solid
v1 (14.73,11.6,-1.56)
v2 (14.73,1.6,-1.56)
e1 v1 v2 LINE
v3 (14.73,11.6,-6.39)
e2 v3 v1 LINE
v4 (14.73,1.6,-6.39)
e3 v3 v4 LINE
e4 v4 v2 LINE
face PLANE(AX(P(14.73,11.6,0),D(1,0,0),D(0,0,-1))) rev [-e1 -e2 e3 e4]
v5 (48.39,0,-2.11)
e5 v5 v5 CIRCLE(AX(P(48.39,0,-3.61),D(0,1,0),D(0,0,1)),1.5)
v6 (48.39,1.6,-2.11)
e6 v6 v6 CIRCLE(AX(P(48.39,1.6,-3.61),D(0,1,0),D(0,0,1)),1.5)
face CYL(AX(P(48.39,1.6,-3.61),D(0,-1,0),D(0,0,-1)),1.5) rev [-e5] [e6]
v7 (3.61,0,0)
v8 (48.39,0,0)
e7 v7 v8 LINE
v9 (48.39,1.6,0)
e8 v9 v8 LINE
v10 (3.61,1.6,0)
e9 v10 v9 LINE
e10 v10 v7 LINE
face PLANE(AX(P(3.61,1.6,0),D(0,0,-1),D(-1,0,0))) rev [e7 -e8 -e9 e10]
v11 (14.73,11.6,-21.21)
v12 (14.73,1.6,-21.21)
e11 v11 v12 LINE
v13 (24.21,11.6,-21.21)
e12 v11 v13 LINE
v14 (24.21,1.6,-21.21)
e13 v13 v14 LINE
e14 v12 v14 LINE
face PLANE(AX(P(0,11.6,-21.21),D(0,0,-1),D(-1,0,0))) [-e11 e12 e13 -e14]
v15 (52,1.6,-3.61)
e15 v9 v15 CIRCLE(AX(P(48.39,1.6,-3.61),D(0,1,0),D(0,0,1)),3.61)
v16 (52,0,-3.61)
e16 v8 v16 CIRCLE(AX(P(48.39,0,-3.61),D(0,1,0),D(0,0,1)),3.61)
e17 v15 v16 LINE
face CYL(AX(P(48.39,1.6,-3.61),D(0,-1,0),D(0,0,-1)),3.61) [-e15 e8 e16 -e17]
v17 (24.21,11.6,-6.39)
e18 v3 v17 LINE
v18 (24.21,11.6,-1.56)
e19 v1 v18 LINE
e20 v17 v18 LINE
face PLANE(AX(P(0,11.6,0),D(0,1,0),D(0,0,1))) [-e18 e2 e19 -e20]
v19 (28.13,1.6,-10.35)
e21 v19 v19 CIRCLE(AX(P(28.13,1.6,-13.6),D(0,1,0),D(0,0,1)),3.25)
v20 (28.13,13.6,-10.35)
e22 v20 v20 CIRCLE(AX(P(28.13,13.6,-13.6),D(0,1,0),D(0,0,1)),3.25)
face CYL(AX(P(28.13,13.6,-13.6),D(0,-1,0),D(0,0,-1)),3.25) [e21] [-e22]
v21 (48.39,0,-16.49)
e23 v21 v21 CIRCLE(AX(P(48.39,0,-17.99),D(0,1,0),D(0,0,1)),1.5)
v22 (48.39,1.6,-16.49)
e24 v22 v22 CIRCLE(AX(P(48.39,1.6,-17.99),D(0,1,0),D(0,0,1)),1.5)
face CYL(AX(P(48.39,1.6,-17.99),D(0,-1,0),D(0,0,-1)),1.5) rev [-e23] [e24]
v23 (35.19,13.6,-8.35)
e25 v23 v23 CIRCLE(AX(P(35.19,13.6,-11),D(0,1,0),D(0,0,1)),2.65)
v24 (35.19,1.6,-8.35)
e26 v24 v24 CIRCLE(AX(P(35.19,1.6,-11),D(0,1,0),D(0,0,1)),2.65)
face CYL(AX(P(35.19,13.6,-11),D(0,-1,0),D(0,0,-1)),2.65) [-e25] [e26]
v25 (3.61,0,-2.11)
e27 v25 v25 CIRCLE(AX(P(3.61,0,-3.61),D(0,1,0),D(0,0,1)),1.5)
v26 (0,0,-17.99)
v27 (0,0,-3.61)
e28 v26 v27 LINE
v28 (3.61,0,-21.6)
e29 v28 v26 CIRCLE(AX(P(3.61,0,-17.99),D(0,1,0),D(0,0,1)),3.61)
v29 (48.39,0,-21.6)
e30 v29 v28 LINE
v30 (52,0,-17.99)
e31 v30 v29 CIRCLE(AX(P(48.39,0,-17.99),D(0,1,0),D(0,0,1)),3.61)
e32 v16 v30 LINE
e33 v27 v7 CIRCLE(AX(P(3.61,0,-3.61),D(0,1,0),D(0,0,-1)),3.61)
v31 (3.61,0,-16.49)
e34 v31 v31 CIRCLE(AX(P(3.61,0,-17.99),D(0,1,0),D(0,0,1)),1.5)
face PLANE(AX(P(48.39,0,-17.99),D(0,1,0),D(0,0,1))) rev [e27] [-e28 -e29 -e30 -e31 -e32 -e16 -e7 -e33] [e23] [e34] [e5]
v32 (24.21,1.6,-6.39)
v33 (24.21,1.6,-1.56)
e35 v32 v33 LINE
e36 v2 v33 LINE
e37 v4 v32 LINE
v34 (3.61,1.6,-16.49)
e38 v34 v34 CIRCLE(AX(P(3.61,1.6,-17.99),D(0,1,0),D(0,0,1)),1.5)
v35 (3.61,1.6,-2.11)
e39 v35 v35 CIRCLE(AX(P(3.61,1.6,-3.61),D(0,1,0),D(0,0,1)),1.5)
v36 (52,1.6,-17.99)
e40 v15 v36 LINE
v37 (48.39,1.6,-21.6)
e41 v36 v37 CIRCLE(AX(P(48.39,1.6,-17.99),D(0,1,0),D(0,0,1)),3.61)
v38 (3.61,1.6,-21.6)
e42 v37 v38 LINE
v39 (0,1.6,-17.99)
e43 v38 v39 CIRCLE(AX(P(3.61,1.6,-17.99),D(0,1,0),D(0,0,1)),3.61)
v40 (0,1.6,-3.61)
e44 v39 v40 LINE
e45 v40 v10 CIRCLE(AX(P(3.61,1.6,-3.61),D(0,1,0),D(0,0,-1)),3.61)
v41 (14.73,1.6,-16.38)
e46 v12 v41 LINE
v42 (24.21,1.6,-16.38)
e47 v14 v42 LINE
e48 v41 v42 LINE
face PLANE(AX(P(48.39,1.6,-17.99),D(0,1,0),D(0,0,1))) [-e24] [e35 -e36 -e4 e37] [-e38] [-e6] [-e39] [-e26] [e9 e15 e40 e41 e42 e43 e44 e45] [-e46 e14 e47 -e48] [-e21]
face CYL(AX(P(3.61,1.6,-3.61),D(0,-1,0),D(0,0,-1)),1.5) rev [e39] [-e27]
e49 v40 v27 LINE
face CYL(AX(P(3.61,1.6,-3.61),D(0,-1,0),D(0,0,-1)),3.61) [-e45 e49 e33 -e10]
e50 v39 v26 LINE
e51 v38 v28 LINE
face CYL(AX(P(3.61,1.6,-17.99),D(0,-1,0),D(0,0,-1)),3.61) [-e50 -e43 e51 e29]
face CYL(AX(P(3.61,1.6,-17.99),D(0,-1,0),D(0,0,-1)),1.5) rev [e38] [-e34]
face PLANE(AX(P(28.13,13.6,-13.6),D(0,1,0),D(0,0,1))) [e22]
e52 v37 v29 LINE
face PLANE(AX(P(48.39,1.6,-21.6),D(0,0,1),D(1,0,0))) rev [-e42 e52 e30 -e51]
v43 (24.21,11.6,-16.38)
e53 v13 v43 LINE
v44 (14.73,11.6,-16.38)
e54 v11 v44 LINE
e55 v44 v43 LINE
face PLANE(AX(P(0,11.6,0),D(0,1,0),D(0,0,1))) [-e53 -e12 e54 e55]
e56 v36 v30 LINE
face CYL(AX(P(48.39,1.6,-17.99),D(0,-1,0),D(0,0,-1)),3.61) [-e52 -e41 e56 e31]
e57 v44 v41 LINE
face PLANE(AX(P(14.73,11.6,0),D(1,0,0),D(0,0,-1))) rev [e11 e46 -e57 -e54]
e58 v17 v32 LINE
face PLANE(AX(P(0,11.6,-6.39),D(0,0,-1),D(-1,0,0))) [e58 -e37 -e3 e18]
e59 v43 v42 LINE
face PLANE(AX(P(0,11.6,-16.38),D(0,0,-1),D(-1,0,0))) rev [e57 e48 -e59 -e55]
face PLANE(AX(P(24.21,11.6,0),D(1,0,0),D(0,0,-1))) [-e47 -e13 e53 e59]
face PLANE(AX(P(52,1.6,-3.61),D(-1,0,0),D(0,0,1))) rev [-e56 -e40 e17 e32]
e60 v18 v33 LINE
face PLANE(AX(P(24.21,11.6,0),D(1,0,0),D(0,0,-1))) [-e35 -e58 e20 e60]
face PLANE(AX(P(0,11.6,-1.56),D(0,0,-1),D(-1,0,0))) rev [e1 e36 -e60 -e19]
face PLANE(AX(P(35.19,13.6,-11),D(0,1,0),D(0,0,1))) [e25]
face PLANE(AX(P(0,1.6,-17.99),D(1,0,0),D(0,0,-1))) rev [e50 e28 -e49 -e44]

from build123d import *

# Parameters (mm, degrees)
SKETCH1_R           = 1.5
BOSS_EXTRUDE1_DEPTH = 1.6
SKETCH2_W           = 9.48
SKETCH2_H           = 4.83
BOSS_EXTRUDE2_DEPTH = 10
SKETCH3_R           = 2.65
SKETCH3_R_2         = 3.25
BOSS_EXTRUDE3_DEPTH = 12


with BuildPart() as part:
    # Sketch1 → Boss-Extrude1 (new body)
    with BuildSketch(Plane(origin=(0, 0, 0), x_dir=(1, 0, 0), z_dir=(0, 1, 0))):
        with BuildLine():
            Line((3.61, 0), (48.39, 0))
            ThreePointArc((48.39, 0), (50.94265548, 1.05734452), (52, 3.61))
            Line((52, 3.61), (52, 17.99))
            ThreePointArc((52, 17.99), (50.94265548, 20.54265548), (48.39, 21.6))
            Line((48.39, 21.6), (3.61, 21.6))
            ThreePointArc((3.61, 21.6), (1.05734452, 20.54265548), (0, 17.99))
            Line((0, 17.99), (0, 3.61))
            ThreePointArc((0, 3.61), (1.05734452, 1.05734452), (3.61, 0))
        make_face()
        with Locations(Location((3.61, 17.99, 0), (0, 0, 270))):
            Circle(SKETCH1_R, mode=Mode.SUBTRACT)
        with Locations(Location((48.39, 17.99, 0), (0, 0, 270))):
            Circle(SKETCH1_R, mode=Mode.SUBTRACT)
        with Locations(Location((48.39, 3.61, 0), (0, 0, 270))):
            Circle(SKETCH1_R, mode=Mode.SUBTRACT)
        with Locations(Location((3.61, 3.61, 0), (0, 0, 270))):
            Circle(SKETCH1_R, mode=Mode.SUBTRACT)
    extrude(amount=BOSS_EXTRUDE1_DEPTH)

    # Sketch2 → Boss-Extrude2 (add)
    with BuildSketch(Plane(origin=(0, 1.6, 0), x_dir=(1, 0, 0), z_dir=(0, 1, 0))):
        with Locations((19.47, 3.975)):
            Rectangle(SKETCH2_W, SKETCH2_H)
        with Locations((19.47, 18.795)):
            Rectangle(SKETCH2_W, SKETCH2_H)
    extrude(amount=BOSS_EXTRUDE2_DEPTH)

    # Sketch3 → Boss-Extrude3 (add)
    with BuildSketch(Plane(origin=(0, 1.6, 0), x_dir=(1, 0, 0), z_dir=(0, 1, 0))):
        with Locations(Location((35.19, 11, 0), (0, 0, 270))):
            Circle(SKETCH3_R)
        with Locations(Location((28.13, 13.6, 0), (0, 0, 270))):
            Circle(SKETCH3_R_2)
    extrude(amount=BOSS_EXTRUDE3_DEPTH)


solid = part.part
